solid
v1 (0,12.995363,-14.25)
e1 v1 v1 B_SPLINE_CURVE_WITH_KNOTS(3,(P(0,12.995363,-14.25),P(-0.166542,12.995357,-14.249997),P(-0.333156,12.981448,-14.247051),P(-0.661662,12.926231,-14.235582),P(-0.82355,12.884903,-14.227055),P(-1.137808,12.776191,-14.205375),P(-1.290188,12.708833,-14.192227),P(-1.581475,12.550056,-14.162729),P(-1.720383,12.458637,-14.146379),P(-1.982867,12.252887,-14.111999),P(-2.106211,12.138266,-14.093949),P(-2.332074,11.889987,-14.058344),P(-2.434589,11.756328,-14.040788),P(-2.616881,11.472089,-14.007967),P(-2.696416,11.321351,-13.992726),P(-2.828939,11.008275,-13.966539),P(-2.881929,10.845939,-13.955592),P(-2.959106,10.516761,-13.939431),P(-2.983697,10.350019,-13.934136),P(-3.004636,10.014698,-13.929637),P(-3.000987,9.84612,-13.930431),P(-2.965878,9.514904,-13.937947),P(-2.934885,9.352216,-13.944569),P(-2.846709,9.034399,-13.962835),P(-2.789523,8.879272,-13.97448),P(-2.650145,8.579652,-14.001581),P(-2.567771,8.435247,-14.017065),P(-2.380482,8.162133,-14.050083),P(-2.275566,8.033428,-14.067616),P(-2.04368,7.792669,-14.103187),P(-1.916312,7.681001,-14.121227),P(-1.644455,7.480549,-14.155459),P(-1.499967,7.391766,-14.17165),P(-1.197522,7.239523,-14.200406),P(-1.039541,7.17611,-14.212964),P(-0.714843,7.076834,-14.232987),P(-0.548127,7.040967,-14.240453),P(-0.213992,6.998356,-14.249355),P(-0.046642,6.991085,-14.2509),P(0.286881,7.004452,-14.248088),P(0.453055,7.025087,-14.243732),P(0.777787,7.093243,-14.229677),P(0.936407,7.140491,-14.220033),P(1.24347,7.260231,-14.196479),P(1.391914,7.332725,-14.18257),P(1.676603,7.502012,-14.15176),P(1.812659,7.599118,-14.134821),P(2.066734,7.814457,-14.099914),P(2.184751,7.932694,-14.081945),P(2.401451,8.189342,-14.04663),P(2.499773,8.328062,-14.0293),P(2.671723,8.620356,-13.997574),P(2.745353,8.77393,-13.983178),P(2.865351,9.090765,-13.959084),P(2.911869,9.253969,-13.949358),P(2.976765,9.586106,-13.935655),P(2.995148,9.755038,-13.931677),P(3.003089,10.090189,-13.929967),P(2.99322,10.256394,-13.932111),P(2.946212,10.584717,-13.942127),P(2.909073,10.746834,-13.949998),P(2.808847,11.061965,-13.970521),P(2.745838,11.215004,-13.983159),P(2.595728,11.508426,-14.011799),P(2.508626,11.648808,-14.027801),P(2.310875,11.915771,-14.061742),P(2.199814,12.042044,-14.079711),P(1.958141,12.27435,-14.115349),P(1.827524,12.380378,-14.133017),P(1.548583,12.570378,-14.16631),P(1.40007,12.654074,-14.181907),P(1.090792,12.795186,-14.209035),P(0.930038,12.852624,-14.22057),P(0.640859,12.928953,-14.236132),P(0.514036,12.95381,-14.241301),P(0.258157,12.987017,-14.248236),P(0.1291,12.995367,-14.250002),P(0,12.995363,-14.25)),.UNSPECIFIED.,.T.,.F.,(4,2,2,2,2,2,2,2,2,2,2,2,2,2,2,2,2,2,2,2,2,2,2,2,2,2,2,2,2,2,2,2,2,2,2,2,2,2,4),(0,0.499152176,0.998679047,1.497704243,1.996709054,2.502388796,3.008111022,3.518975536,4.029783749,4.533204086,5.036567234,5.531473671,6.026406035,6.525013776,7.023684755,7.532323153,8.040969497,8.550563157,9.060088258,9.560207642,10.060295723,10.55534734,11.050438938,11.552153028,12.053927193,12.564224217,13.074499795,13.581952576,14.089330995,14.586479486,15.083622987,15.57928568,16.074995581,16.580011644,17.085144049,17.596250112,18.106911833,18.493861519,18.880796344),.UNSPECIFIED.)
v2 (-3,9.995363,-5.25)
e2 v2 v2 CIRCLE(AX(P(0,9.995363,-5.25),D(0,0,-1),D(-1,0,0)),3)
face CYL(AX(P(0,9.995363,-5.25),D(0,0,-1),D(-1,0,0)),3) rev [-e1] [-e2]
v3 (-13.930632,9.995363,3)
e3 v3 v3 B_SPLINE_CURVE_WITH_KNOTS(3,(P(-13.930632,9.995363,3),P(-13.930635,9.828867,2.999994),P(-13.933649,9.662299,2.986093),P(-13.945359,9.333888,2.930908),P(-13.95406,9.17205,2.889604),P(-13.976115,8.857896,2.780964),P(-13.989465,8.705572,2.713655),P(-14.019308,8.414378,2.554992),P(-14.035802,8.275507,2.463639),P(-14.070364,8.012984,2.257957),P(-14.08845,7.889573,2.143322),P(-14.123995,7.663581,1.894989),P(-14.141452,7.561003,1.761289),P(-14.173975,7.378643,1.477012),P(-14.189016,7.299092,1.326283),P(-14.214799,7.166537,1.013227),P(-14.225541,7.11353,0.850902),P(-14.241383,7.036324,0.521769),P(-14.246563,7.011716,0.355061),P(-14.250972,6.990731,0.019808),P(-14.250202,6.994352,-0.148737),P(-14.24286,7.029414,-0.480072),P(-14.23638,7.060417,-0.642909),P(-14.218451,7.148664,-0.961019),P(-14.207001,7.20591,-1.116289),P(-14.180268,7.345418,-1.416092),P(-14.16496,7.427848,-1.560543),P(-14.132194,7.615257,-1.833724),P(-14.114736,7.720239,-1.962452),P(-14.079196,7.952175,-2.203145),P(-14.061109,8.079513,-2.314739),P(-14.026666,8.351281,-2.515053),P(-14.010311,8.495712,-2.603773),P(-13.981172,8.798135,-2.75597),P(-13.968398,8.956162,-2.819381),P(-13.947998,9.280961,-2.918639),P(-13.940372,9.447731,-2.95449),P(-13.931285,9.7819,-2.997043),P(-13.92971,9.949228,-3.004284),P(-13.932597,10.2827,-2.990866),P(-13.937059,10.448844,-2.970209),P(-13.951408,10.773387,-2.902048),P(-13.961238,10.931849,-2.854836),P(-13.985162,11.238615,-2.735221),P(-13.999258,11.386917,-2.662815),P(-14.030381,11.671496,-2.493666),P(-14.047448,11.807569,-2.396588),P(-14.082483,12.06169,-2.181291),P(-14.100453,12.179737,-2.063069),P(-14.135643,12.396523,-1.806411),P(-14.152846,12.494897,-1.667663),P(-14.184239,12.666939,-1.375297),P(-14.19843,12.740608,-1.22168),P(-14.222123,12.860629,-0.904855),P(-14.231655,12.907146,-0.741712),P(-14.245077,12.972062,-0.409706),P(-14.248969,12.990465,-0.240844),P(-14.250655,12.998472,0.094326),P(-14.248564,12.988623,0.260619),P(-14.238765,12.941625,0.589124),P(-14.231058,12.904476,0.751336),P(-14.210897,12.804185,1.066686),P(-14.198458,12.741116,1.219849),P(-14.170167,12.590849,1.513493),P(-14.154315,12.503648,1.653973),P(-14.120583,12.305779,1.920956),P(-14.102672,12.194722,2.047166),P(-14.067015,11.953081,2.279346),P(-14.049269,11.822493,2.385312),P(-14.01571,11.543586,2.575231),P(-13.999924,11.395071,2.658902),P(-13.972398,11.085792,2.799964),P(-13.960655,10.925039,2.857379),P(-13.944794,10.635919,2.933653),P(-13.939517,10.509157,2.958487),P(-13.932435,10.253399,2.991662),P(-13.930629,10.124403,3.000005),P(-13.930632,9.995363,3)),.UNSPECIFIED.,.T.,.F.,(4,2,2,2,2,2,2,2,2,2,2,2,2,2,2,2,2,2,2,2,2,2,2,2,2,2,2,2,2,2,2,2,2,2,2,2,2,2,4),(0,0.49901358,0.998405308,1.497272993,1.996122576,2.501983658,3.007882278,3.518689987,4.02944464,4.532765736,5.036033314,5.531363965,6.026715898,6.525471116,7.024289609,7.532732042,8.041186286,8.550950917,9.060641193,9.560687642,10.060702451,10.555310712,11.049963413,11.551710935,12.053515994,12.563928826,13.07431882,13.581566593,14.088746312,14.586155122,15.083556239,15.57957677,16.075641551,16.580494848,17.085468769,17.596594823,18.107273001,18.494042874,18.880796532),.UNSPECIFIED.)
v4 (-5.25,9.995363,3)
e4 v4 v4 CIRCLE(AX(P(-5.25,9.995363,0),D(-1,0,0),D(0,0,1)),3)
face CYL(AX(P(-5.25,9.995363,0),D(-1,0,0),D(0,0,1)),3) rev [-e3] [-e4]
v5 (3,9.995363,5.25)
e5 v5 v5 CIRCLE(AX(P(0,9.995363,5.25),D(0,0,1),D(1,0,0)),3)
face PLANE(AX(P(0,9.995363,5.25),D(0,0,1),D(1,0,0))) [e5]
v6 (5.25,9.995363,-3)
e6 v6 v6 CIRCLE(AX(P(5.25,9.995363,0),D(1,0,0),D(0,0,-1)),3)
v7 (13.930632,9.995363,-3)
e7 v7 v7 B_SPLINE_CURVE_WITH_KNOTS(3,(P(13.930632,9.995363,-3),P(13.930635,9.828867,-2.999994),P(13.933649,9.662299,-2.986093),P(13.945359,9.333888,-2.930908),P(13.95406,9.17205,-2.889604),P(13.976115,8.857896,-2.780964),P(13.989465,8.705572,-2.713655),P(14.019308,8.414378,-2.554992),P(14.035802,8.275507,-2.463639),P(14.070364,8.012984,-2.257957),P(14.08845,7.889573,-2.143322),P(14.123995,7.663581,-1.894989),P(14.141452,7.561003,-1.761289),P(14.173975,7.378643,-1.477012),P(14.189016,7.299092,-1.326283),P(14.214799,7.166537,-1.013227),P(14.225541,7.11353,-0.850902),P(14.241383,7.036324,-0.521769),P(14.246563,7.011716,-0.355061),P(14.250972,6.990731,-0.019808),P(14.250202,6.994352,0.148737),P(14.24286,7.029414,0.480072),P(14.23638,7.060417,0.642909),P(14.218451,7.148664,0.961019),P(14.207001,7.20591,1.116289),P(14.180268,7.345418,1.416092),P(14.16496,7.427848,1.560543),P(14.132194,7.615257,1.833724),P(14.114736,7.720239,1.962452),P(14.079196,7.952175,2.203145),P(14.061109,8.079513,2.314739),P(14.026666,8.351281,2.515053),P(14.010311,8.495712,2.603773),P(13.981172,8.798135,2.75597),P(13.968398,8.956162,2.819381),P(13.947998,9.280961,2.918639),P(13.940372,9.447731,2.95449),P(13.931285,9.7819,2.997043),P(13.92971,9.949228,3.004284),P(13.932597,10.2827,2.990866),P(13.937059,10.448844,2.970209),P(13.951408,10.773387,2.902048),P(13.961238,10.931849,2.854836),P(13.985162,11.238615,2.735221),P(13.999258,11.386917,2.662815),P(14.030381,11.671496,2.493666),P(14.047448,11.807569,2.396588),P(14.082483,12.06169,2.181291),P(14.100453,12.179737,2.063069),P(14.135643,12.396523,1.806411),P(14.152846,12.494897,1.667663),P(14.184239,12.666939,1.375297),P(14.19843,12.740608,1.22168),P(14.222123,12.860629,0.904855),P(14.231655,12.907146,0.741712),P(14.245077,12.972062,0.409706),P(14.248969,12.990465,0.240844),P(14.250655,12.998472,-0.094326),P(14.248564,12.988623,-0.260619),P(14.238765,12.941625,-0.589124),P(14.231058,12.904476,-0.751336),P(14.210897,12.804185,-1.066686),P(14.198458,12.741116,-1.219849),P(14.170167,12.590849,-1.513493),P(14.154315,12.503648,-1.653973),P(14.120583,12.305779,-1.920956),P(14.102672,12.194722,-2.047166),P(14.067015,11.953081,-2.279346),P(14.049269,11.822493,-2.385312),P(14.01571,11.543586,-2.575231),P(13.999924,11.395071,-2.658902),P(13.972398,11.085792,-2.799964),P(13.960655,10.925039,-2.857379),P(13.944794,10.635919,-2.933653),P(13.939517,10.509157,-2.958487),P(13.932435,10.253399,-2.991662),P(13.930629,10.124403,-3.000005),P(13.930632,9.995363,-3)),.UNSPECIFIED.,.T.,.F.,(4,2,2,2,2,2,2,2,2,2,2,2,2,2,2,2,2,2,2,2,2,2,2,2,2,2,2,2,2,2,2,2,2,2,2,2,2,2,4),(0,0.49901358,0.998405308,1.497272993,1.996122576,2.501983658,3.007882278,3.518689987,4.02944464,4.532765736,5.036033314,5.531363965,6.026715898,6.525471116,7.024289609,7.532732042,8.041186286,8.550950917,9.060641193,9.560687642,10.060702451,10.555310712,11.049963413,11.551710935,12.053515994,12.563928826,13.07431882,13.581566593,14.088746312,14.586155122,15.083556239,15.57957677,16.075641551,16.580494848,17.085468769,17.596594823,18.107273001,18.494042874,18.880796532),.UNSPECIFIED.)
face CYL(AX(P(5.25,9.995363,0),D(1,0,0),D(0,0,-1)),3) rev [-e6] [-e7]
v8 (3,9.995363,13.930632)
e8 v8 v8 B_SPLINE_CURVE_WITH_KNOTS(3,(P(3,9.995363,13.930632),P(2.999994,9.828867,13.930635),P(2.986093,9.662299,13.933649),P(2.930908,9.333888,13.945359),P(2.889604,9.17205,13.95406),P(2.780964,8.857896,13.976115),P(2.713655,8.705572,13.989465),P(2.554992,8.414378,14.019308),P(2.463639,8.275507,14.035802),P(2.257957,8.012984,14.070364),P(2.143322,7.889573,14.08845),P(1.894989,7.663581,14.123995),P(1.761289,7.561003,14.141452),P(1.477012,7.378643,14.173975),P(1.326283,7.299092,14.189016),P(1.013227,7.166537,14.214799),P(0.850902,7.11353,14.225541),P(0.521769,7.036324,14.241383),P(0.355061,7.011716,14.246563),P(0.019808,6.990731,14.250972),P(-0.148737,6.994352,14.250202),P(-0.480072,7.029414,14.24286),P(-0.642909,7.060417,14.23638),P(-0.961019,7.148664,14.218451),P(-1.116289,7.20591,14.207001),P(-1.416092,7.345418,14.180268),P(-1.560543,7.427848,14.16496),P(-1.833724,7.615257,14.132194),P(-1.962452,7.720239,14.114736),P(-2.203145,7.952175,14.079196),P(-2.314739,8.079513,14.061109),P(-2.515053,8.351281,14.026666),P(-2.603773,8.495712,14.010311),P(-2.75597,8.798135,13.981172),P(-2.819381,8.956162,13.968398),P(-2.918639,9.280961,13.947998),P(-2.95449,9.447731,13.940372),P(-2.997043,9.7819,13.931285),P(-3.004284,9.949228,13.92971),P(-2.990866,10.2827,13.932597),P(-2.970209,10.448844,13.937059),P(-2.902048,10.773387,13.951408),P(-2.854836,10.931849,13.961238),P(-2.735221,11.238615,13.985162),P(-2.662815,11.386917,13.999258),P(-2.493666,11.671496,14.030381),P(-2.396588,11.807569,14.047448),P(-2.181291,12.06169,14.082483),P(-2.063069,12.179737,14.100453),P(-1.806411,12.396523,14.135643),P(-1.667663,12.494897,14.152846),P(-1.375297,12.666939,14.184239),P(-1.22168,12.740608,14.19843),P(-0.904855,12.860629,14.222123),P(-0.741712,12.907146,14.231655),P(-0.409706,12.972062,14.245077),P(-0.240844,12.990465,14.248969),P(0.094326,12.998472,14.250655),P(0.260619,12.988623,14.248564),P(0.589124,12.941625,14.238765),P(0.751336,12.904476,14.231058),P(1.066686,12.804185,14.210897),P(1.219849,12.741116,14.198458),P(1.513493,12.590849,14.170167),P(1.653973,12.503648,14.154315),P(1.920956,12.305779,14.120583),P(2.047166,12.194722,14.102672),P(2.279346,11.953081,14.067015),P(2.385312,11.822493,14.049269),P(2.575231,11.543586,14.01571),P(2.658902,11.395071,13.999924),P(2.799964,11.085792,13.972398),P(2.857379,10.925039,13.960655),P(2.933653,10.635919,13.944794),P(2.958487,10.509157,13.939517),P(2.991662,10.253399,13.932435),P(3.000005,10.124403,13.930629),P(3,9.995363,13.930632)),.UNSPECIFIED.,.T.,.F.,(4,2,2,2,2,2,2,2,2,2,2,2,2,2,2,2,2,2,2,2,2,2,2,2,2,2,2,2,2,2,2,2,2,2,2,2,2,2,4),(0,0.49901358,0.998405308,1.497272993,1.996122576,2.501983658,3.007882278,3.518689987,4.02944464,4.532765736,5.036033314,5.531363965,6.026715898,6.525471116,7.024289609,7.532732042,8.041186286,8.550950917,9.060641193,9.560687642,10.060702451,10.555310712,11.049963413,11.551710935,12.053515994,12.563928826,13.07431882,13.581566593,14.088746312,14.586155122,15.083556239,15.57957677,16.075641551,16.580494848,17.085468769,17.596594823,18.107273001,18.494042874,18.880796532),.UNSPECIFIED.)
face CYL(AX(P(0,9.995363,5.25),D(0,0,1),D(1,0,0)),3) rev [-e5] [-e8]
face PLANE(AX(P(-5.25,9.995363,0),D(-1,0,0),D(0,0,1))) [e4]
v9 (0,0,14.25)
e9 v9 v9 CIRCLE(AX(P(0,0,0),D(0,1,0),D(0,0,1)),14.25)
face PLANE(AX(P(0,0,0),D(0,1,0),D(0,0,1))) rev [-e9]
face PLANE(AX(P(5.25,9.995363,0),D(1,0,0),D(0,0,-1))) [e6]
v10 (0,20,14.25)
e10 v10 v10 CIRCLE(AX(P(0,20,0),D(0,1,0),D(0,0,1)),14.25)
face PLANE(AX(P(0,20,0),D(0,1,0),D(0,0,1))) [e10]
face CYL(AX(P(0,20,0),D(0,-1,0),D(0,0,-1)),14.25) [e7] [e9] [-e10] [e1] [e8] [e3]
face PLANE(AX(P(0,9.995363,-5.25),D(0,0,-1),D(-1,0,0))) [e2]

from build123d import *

# Parameters (mm, degrees)
SKETCH1_R           = 14.25
BOSS_EXTRUDE1_DEPTH = 20
SKETCH2_R           = 3
CUT_EXTRUDE1_DEPTH  = 9
CIRPATTERN1_COUNT   = 4


with BuildPart() as part:
    # Sketch1 → Boss-Extrude1 (new body)
    with BuildSketch(Plane(origin=(0, 0, 0), x_dir=(1, 0, 0), z_dir=(0, 1, 0))):
        Circle(SKETCH1_R)
    extrude(amount=BOSS_EXTRUDE1_DEPTH)

    # Sketch2 → Cut-Extrude1 (cut)
    with BuildSketch(Plane(origin=(14.25, 0, 0), x_dir=(0, 0, -1), z_dir=(1, 0, 0))):
        with Locations((0, 9.995362646)):
            Circle(SKETCH2_R)
    cut_extrude1 = extrude(amount=-CUT_EXTRUDE1_DEPTH, mode=Mode.SUBTRACT)

    # CirPattern1: Cut-Extrude1 ×4 about axis
    cirpattern1_axis = Axis((0, 20, 0), (0, -1, 0))
    for i in range(1, CIRPATTERN1_COUNT):
        add(cut_extrude1.rotate(cirpattern1_axis, i * 360 / CIRPATTERN1_COUNT), mode=Mode.SUBTRACT)


solid = part.part
